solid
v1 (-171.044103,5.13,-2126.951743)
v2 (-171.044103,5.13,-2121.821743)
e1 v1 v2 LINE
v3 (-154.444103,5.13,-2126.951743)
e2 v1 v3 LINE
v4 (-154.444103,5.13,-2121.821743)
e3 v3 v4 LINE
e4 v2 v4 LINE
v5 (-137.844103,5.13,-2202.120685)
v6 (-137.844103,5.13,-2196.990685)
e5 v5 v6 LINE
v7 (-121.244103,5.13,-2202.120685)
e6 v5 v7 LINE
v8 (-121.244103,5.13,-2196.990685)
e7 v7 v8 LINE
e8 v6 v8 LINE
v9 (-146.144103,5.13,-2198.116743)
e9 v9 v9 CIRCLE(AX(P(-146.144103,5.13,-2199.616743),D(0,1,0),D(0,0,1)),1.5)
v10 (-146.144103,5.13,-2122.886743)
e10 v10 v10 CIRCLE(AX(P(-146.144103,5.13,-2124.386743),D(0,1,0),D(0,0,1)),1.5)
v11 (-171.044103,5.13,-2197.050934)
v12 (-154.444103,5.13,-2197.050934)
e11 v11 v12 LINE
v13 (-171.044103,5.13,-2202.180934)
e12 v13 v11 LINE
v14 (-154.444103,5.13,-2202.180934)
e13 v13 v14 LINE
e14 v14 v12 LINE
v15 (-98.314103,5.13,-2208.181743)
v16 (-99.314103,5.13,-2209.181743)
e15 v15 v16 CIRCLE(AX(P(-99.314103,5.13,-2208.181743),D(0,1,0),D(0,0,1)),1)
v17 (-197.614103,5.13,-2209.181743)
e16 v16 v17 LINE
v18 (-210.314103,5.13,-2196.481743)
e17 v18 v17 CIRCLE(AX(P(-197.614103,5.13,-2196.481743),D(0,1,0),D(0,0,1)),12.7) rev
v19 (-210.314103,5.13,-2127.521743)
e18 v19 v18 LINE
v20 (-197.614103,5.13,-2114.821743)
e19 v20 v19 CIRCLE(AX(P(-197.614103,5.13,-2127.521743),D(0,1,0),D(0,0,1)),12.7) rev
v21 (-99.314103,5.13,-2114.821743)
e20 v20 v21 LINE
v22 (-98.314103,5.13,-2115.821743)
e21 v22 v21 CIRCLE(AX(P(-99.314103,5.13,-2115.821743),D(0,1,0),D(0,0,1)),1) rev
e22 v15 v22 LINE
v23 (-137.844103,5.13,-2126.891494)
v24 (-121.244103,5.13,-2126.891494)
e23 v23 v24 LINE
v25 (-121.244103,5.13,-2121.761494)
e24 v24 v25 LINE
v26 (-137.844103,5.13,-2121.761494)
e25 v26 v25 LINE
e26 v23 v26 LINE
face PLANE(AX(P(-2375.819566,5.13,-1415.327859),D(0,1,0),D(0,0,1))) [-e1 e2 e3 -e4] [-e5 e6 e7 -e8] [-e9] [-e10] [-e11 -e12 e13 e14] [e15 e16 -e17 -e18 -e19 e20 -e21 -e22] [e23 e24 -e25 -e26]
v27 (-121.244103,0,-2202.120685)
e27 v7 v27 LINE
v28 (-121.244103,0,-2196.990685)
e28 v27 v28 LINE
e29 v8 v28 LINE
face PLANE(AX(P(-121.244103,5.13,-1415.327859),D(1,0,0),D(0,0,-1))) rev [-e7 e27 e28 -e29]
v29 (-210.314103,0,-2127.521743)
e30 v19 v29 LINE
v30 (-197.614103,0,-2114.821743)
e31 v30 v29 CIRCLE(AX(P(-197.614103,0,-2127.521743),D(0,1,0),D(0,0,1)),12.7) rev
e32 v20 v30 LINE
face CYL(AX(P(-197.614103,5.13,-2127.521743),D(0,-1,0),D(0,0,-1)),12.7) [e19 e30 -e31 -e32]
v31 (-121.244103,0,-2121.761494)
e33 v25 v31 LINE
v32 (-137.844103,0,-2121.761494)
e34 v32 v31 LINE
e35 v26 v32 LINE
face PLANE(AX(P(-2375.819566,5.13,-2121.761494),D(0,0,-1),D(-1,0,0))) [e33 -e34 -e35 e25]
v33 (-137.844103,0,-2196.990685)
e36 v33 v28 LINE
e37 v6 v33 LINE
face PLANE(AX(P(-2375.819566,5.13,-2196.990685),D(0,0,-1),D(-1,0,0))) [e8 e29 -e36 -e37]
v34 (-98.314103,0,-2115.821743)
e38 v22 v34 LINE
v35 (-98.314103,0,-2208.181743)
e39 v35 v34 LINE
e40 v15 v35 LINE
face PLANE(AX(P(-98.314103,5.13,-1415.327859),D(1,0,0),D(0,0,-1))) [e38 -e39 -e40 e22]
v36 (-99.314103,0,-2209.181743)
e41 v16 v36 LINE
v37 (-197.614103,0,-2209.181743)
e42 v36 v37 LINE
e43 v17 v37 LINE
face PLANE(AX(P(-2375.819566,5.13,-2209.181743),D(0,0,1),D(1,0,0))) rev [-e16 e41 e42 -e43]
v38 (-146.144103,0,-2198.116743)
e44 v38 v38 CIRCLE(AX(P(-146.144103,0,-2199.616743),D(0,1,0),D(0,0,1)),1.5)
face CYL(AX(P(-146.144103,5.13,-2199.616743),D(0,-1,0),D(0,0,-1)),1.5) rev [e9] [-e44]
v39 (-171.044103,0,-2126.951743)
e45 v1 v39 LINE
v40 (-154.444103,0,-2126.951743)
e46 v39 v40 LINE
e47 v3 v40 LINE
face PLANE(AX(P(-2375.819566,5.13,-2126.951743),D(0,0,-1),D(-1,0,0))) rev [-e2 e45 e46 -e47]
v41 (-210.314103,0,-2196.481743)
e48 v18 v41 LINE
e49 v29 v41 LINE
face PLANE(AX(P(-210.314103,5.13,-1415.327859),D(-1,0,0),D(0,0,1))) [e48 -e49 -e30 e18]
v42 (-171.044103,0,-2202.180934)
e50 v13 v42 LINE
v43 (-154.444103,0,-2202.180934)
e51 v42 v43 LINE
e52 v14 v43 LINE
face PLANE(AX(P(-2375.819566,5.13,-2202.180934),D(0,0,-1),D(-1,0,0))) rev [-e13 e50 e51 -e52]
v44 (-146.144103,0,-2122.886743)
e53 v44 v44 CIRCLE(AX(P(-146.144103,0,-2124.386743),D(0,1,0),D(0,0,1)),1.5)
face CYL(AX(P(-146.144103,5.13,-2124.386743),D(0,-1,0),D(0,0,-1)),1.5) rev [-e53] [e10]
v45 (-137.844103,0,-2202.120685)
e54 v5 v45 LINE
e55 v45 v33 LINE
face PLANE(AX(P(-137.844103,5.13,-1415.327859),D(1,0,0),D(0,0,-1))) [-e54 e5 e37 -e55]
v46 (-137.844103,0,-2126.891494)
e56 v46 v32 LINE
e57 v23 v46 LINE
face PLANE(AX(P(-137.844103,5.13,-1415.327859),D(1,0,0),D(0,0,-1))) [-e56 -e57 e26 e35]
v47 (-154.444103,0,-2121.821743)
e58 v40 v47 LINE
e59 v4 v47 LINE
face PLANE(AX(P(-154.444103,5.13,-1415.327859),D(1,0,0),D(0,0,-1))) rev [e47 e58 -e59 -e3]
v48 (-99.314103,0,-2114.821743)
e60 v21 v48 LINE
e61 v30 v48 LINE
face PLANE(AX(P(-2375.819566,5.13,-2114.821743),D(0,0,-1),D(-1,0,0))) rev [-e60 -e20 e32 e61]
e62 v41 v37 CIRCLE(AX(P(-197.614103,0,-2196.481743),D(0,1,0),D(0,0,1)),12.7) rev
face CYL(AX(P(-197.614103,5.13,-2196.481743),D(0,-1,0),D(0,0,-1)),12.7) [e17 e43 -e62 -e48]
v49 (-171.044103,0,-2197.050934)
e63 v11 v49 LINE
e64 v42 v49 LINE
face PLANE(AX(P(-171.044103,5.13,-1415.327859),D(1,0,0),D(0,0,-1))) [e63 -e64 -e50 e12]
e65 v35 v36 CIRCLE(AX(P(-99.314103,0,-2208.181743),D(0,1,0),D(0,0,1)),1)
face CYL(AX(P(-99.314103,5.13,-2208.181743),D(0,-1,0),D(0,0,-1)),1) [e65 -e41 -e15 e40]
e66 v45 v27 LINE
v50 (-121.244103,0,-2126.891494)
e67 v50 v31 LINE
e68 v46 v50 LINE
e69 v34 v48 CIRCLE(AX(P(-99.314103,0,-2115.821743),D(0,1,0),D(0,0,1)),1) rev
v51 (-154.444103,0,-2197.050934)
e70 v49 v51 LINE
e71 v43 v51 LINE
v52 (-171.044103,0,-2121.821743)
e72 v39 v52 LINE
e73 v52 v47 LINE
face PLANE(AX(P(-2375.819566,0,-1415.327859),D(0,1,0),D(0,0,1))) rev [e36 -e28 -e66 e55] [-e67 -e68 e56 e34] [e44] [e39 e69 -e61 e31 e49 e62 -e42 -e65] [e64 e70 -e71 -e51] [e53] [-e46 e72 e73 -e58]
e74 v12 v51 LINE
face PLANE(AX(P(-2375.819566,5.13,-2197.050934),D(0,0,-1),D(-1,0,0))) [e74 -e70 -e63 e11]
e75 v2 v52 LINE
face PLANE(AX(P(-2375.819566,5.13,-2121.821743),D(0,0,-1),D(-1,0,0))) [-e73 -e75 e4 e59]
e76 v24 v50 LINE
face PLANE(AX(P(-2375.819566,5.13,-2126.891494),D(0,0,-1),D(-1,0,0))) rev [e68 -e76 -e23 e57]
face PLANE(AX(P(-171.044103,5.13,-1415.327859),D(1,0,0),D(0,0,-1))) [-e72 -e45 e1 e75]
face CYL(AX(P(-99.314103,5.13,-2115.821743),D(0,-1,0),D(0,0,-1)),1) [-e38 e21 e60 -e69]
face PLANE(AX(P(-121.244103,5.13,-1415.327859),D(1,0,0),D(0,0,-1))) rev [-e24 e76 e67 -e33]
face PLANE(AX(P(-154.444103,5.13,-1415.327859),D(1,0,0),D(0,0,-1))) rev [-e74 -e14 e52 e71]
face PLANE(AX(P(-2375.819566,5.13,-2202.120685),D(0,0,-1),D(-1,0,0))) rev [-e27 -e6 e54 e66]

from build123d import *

# Parameters (mm, degrees)
SKETCH2_R                   = 1.5
SKETCH2_W                   = 16.6
SKETCH2_H                   = 5.13
BOSS_EXTRUDE1_DEPTH         = 5.13
F_1_2_CLEARANCE_HOLE1_D     = 13.89126
F_1_2_CLEARANCE_HOLE1_DEPTH = 5.13


with BuildPart() as part:
    # Sketch2 → Boss-Extrude1 (new body)
    with BuildSketch(Plane(origin=(0, 0, 0), x_dir=(1, 0, 0), z_dir=(0, 1, 0))):
        with BuildLine():
            Line((-210.314103066, 2127.521742865), (-210.314103066, 2196.481742865))
            ThreePointArc((-210.314103066, 2196.481742865), (-206.594359187, 2205.461998986), (-197.614103066, 2209.181742865))
            Line((-197.614103066, 2209.181742865), (-99.314103066, 2209.181742865))
            ThreePointArc((-99.314103066, 2209.181742865), (-98.606996285, 2208.888849646), (-98.314103066, 2208.181742865))
            Line((-98.314103066, 2208.181742865), (-98.314103066, 2115.821742865))
            ThreePointArc((-98.314103066, 2115.821742865), (-98.606996285, 2115.114636084), (-99.314103066, 2114.821742865))
            Line((-99.314103066, 2114.821742865), (-197.614103066, 2114.821742865))
            ThreePointArc((-197.614103066, 2114.821742865), (-206.594359187, 2118.541486744), (-210.314103066, 2127.521742865))
        make_face()
        with Locations((-146.144103066, 2199.616742865)):
            Circle(SKETCH2_R, mode=Mode.SUBTRACT)
        with Locations((-146.144103066, 2124.386742865)):
            Circle(SKETCH2_R, mode=Mode.SUBTRACT)
        with Locations((-129.544103066, 2124.326494276)):
            Rectangle(SKETCH2_W, SKETCH2_H, mode=Mode.SUBTRACT)
        with Locations((-162.744103066, 2124.386742865)):
            Rectangle(SKETCH2_W, SKETCH2_H, mode=Mode.SUBTRACT)
        with Locations((-162.744103066, 2199.615933693)):
            Rectangle(SKETCH2_W, SKETCH2_H, mode=Mode.SUBTRACT)
        with Locations((-129.544103066, 2199.555685104)):
            Rectangle(SKETCH2_W, SKETCH2_H, mode=Mode.SUBTRACT)
    extrude(amount=BOSS_EXTRUDE1_DEPTH)

    # 1/2 Clearance Hole1
    with Locations(Plane(origin=(0, 5.13, 0), x_dir=(-1, 0, 0), z_dir=(0, 1, 0))):
        with Locations((-8.273522926, -2159.461742865)):
            Hole(F_1_2_CLEARANCE_HOLE1_D / 2, depth=F_1_2_CLEARANCE_HOLE1_DEPTH)


solid = part.part
